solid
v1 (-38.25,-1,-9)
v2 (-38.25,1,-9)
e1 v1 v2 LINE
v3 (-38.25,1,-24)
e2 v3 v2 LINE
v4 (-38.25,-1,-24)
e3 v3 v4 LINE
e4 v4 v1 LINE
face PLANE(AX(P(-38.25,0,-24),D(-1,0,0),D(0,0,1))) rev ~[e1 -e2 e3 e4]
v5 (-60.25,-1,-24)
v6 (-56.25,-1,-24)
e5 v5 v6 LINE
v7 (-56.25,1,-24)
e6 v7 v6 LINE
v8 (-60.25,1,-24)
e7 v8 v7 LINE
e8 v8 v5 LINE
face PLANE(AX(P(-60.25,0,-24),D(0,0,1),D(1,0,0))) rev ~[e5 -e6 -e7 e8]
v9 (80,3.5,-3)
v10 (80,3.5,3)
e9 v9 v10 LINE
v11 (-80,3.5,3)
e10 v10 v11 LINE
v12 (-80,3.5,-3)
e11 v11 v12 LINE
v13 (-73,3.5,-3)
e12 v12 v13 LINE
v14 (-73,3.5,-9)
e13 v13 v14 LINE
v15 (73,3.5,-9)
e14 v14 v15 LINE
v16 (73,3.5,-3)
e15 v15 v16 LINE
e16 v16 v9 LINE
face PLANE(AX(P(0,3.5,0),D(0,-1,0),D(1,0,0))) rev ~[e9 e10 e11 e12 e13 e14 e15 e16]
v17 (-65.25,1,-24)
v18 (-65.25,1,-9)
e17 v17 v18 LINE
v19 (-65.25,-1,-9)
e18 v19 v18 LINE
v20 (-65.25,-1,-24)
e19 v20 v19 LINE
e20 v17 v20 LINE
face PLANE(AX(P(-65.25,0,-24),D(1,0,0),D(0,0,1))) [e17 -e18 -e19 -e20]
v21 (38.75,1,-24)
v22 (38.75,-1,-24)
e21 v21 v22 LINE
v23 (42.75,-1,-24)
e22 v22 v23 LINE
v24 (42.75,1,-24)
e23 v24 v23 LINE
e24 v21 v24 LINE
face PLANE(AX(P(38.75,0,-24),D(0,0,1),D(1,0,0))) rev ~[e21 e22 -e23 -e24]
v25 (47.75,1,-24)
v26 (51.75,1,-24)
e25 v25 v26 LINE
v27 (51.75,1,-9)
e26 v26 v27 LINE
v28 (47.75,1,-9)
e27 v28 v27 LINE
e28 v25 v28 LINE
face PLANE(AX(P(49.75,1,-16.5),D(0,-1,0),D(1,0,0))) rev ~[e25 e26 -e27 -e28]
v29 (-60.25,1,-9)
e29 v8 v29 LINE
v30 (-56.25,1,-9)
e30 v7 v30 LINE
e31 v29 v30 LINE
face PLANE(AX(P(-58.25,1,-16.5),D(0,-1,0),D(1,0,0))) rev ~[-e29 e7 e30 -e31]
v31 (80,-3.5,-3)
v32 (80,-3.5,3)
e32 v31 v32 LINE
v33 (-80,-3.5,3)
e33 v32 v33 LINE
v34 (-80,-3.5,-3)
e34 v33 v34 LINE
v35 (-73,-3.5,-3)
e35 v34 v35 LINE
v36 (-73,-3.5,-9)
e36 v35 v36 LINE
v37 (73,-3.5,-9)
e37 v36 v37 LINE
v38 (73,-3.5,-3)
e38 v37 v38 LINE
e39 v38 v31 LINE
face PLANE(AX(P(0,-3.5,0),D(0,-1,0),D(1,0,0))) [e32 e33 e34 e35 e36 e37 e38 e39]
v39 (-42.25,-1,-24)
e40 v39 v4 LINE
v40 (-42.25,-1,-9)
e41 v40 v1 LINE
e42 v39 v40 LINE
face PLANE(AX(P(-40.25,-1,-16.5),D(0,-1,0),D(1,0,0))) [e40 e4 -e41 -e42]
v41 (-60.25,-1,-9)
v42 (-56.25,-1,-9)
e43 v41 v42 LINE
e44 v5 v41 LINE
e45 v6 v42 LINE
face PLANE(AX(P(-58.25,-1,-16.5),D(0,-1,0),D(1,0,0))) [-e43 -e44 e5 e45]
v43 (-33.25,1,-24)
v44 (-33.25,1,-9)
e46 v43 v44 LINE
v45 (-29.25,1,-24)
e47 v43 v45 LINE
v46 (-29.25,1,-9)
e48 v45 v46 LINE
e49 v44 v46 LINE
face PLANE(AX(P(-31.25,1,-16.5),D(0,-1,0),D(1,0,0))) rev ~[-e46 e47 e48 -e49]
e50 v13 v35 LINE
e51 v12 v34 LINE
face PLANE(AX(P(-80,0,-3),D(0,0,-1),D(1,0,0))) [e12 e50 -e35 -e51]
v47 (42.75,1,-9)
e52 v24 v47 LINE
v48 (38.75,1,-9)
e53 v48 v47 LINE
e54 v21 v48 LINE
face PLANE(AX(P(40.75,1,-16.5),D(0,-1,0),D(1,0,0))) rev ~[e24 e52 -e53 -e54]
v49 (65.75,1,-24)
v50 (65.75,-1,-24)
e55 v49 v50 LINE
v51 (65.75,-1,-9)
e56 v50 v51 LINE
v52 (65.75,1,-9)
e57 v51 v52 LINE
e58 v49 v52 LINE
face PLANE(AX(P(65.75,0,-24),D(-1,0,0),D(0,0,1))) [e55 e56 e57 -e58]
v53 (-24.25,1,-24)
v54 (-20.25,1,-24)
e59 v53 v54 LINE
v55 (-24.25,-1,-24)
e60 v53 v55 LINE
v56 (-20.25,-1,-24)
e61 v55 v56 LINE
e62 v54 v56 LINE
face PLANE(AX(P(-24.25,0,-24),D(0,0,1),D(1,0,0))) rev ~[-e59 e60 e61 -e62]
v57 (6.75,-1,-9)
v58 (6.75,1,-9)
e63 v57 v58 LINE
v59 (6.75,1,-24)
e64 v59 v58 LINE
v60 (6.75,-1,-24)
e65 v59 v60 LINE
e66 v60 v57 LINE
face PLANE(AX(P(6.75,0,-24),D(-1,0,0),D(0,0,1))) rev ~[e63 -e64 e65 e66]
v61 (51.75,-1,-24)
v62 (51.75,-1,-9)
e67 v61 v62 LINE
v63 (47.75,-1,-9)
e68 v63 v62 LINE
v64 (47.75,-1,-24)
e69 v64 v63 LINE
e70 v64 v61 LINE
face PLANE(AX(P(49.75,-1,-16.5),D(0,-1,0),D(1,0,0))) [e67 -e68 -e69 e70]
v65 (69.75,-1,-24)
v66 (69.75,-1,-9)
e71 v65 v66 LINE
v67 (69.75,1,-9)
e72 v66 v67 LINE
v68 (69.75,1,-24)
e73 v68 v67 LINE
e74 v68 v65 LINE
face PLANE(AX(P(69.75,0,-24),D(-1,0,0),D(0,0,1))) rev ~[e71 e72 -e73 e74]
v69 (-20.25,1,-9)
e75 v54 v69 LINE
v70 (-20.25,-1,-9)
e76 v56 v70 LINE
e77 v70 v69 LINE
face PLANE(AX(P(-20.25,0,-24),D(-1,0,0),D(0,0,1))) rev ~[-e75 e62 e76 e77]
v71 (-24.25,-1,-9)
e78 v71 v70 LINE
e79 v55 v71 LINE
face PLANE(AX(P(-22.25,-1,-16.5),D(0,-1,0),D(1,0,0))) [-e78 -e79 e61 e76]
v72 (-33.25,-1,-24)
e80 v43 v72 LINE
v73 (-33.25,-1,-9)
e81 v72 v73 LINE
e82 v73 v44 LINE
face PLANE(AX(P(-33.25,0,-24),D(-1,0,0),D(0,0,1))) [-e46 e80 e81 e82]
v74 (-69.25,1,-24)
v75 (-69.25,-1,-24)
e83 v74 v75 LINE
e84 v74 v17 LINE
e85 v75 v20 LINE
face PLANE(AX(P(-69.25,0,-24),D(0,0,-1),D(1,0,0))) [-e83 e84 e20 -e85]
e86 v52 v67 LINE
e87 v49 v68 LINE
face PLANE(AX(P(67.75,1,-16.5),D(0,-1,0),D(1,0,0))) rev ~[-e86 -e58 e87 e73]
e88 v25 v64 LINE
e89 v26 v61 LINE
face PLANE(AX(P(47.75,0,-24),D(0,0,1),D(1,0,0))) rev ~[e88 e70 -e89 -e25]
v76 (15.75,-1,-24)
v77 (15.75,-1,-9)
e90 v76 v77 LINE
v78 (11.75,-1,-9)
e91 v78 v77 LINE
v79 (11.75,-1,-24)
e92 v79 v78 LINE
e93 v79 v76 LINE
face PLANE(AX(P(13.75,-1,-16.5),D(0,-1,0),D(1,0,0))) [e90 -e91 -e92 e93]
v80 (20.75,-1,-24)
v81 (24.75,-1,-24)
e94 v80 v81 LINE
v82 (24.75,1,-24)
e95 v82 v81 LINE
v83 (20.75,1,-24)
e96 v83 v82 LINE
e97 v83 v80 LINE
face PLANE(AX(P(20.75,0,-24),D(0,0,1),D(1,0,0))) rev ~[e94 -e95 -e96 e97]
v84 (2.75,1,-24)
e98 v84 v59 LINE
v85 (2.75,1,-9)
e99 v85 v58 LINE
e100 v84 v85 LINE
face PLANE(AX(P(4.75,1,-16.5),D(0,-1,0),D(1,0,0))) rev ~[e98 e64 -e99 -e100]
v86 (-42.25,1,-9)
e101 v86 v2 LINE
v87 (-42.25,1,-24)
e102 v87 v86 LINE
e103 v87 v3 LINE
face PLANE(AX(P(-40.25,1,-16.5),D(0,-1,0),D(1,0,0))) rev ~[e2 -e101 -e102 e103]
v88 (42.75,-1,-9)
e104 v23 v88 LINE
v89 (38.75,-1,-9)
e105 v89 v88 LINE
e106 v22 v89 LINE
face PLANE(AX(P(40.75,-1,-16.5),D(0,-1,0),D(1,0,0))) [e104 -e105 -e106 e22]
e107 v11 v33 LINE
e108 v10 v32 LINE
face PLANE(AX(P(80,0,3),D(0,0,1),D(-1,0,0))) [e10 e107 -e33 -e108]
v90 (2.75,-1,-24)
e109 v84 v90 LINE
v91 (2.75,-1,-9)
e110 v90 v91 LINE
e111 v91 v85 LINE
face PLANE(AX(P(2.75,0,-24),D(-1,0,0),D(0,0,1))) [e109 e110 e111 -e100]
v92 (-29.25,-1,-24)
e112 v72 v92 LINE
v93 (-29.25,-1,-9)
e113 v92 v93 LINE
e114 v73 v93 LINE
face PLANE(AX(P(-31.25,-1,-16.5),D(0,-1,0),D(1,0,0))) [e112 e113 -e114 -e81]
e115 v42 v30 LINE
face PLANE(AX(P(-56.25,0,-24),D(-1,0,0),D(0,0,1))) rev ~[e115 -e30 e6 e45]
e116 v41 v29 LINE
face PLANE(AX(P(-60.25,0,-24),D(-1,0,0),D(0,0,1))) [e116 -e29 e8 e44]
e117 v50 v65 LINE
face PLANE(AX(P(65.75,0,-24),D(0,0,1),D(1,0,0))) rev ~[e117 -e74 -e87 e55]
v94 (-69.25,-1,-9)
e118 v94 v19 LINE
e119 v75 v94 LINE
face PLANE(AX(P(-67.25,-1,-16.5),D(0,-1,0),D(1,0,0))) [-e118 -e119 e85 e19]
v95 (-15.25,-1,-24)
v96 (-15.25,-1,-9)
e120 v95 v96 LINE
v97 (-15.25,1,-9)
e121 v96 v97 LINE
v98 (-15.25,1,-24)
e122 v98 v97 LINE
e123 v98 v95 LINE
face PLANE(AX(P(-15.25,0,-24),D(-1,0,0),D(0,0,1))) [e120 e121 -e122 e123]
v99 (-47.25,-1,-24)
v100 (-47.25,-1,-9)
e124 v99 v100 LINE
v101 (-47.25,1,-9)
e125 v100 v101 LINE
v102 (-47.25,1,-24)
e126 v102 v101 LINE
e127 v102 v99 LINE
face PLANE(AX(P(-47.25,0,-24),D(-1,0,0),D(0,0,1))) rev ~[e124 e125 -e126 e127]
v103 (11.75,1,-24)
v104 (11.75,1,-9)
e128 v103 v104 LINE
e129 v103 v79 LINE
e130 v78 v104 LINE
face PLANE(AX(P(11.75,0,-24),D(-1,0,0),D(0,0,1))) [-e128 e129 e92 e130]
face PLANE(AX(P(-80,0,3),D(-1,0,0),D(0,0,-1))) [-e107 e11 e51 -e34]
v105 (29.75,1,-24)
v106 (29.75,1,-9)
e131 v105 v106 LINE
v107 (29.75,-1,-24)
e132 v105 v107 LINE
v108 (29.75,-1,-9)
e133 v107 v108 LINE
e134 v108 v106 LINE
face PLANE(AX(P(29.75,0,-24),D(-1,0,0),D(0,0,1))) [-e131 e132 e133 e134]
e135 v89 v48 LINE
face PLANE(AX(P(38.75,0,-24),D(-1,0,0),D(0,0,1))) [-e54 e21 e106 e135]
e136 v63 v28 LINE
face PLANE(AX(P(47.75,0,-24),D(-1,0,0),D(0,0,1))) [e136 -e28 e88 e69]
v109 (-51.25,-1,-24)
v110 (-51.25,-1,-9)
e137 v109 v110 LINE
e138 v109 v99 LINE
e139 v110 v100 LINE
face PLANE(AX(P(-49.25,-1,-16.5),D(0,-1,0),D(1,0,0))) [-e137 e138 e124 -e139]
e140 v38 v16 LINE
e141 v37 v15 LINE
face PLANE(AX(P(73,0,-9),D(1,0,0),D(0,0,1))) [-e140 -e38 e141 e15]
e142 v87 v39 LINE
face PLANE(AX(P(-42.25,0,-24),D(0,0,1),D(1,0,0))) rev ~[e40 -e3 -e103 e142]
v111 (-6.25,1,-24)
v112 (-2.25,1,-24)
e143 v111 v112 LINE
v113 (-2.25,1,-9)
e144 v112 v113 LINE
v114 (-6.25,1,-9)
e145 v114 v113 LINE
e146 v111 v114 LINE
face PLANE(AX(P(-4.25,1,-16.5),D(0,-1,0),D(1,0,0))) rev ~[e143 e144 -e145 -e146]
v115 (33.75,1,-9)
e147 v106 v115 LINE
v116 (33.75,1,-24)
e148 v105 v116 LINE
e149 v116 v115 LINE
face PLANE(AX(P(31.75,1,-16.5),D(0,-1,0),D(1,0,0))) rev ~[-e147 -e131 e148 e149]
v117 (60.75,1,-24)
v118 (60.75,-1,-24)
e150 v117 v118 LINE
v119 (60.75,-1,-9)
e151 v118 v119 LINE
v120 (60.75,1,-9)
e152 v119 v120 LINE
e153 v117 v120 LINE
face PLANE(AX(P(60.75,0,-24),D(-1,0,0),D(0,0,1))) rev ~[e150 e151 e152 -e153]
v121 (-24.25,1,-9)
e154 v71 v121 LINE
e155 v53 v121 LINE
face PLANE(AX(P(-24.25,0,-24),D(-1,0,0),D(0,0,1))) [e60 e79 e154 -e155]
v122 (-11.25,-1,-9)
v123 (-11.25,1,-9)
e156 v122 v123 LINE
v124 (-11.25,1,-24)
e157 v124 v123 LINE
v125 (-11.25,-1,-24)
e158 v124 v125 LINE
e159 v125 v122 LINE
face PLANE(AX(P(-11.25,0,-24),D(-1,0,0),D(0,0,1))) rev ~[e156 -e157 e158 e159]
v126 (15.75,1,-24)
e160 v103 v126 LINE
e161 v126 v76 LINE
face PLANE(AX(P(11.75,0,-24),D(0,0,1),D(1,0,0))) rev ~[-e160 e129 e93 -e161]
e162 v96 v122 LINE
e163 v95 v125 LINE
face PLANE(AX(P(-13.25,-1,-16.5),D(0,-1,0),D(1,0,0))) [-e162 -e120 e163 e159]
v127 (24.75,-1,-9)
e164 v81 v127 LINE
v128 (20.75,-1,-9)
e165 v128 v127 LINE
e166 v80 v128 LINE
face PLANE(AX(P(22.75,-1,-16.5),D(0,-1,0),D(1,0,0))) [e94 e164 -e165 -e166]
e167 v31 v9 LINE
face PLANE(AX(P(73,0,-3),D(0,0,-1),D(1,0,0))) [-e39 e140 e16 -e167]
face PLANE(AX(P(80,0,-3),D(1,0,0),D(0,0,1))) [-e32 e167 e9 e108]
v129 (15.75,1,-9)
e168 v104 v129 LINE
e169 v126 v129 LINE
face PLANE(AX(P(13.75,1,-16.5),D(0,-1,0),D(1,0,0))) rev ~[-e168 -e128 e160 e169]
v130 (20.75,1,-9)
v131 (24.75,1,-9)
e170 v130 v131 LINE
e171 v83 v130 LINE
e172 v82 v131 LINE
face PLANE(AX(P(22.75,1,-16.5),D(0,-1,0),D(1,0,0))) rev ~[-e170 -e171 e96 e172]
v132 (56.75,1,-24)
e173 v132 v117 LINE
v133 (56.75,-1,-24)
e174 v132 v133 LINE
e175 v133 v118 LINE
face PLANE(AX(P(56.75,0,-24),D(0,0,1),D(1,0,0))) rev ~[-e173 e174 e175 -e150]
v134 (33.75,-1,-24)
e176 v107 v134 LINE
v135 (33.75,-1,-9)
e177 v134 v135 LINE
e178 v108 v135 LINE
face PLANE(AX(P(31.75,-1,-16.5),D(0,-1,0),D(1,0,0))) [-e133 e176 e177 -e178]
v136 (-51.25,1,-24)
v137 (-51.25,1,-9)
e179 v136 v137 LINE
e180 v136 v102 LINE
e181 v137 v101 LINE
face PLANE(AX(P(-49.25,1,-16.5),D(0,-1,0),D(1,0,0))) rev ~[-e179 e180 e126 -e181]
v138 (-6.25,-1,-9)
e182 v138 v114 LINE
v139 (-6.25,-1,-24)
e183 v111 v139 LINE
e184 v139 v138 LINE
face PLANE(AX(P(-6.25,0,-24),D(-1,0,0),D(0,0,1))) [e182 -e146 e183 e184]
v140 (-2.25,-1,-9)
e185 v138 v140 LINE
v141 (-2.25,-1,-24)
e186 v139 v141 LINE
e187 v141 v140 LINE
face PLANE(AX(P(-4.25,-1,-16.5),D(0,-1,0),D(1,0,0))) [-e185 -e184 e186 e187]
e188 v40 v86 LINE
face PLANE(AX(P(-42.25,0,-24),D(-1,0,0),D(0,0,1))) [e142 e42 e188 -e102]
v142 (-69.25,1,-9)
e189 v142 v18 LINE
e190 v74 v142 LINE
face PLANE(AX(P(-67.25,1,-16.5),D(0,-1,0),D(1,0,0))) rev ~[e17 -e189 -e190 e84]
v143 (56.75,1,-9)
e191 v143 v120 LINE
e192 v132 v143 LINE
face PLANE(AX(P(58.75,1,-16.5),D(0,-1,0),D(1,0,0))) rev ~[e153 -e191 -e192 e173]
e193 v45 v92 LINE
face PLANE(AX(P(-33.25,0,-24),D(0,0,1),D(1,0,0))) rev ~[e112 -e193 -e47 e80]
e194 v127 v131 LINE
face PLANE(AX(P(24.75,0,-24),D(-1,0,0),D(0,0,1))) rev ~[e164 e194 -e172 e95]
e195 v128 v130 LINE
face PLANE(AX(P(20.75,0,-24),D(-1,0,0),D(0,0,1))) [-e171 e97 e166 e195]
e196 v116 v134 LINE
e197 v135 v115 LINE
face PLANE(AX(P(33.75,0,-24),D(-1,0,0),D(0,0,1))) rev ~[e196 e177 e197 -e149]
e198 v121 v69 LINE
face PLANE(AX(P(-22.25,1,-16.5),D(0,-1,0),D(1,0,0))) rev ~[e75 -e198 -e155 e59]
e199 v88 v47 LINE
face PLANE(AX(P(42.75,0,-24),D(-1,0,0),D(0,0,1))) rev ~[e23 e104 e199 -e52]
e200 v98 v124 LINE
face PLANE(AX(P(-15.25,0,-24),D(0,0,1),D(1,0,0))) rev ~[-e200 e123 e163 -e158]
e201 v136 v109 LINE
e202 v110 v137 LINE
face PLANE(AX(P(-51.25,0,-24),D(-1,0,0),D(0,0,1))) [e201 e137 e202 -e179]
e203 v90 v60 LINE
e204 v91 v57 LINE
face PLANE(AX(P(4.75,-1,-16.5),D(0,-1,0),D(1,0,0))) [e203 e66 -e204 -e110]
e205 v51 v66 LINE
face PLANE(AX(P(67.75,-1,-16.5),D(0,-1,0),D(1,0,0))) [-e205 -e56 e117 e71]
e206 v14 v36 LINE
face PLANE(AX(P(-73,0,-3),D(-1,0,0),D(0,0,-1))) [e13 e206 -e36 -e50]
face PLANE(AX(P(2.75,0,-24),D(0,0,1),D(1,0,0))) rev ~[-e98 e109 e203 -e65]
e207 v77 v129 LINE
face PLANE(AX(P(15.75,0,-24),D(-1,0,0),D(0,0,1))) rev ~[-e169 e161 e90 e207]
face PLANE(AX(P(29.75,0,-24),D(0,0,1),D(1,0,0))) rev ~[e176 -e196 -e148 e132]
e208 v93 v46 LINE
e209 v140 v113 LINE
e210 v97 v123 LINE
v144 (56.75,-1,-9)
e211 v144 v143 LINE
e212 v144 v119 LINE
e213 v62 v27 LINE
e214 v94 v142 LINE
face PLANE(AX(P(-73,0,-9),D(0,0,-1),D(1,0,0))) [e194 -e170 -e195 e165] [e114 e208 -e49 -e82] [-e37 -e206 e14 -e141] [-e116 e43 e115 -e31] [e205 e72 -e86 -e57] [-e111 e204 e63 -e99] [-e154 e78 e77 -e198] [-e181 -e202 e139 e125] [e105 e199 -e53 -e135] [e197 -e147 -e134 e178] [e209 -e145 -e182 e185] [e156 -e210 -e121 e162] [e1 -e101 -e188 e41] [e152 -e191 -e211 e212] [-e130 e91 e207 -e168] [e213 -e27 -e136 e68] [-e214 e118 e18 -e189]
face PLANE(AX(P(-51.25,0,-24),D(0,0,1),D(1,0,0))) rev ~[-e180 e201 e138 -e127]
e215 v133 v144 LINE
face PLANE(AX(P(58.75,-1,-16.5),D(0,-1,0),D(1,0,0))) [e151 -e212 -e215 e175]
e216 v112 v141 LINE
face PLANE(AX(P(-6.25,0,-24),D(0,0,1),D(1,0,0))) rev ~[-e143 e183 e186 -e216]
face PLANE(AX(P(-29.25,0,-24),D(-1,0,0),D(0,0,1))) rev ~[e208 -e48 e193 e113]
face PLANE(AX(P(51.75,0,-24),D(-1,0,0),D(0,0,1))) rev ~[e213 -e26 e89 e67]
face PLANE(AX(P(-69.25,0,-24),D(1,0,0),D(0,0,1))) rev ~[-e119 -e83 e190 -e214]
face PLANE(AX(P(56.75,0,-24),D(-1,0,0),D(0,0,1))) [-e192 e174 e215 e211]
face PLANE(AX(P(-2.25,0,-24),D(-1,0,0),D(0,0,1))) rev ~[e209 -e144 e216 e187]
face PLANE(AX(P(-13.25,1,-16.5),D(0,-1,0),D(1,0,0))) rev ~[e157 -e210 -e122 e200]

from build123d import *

# Parameters (mm, degrees)
F1_DEPTH = 3.5
F0_W     = 4
F0_H     = 15
F2_DEPTH = 1


with BuildPart() as f1:
    # F0 (on Front) → F1 (new body, symmetric)
    with BuildSketch(Plane.XZ):
        Polygon((80, -3), (80, 3), (-80, 3), (-80, -3), (-73, -3), (73, -3), align=None)
        Polygon((73, -9), (73, -3), (-73, -3), (-73, -9), (-69.25, -9), (-65.25, -9), (-60.25, -9), (-56.25, -9), (-51.25, -9), (-47.25, -9), (-42.25, -9), (-38.25, -9), (-33.25, -9), (-29.25, -9), (-24.25, -9), (-20.25, -9), (-15.25, -9), (-11.25, -9), (-6.25, -9), (-2.25, -9), (2.75, -9), (6.75, -9), (11.75, -9), (15.75, -9), (20.75, -9), (24.75, -9), (29.75, -9), (33.75, -9), (38.75, -9), (42.75, -9), (47.75, -9), (51.75, -9), (56.75, -9), (60.75, -9), (65.75, -9), (69.75, -9), align=None)
    extrude(amount=F1_DEPTH, both=True)

    # F0 (on Front) → F2 (join, symmetric)
    with BuildSketch(Plane.XZ):
        with Locations((67.75, -16.5)):
            Rectangle(F0_W, F0_H)
        with Locations((58.75, -16.5)):
            Rectangle(F0_W, F0_H)
        with Locations((49.75, -16.5)):
            Rectangle(F0_W, F0_H)
        with Locations((40.75, -16.5)):
            Rectangle(F0_W, F0_H)
        with Locations((31.75, -16.5)):
            Rectangle(F0_W, F0_H)
        with Locations((22.75, -16.5)):
            Rectangle(F0_W, F0_H)
        with Locations((13.75, -16.5)):
            Rectangle(F0_W, F0_H)
        with Locations((4.75, -16.5)):
            Rectangle(F0_W, F0_H)
        with Locations((-4.25, -16.5)):
            Rectangle(F0_W, F0_H)
        with Locations((-13.25, -16.5)):
            Rectangle(F0_W, F0_H)
        with Locations((-22.25, -16.5)):
            Rectangle(F0_W, F0_H)
        with Locations((-31.25, -16.5)):
            Rectangle(F0_W, F0_H)
        with Locations((-40.25, -16.5)):
            Rectangle(F0_W, F0_H)
        with Locations((-49.25, -16.5)):
            Rectangle(F0_W, F0_H)
        with Locations((-58.25, -16.5)):
            Rectangle(F0_W, F0_H)
        with Locations((-67.25, -16.5)):
            Rectangle(F0_W, F0_H)
    extrude(amount=F2_DEPTH, both=True)


solid = f1.part
